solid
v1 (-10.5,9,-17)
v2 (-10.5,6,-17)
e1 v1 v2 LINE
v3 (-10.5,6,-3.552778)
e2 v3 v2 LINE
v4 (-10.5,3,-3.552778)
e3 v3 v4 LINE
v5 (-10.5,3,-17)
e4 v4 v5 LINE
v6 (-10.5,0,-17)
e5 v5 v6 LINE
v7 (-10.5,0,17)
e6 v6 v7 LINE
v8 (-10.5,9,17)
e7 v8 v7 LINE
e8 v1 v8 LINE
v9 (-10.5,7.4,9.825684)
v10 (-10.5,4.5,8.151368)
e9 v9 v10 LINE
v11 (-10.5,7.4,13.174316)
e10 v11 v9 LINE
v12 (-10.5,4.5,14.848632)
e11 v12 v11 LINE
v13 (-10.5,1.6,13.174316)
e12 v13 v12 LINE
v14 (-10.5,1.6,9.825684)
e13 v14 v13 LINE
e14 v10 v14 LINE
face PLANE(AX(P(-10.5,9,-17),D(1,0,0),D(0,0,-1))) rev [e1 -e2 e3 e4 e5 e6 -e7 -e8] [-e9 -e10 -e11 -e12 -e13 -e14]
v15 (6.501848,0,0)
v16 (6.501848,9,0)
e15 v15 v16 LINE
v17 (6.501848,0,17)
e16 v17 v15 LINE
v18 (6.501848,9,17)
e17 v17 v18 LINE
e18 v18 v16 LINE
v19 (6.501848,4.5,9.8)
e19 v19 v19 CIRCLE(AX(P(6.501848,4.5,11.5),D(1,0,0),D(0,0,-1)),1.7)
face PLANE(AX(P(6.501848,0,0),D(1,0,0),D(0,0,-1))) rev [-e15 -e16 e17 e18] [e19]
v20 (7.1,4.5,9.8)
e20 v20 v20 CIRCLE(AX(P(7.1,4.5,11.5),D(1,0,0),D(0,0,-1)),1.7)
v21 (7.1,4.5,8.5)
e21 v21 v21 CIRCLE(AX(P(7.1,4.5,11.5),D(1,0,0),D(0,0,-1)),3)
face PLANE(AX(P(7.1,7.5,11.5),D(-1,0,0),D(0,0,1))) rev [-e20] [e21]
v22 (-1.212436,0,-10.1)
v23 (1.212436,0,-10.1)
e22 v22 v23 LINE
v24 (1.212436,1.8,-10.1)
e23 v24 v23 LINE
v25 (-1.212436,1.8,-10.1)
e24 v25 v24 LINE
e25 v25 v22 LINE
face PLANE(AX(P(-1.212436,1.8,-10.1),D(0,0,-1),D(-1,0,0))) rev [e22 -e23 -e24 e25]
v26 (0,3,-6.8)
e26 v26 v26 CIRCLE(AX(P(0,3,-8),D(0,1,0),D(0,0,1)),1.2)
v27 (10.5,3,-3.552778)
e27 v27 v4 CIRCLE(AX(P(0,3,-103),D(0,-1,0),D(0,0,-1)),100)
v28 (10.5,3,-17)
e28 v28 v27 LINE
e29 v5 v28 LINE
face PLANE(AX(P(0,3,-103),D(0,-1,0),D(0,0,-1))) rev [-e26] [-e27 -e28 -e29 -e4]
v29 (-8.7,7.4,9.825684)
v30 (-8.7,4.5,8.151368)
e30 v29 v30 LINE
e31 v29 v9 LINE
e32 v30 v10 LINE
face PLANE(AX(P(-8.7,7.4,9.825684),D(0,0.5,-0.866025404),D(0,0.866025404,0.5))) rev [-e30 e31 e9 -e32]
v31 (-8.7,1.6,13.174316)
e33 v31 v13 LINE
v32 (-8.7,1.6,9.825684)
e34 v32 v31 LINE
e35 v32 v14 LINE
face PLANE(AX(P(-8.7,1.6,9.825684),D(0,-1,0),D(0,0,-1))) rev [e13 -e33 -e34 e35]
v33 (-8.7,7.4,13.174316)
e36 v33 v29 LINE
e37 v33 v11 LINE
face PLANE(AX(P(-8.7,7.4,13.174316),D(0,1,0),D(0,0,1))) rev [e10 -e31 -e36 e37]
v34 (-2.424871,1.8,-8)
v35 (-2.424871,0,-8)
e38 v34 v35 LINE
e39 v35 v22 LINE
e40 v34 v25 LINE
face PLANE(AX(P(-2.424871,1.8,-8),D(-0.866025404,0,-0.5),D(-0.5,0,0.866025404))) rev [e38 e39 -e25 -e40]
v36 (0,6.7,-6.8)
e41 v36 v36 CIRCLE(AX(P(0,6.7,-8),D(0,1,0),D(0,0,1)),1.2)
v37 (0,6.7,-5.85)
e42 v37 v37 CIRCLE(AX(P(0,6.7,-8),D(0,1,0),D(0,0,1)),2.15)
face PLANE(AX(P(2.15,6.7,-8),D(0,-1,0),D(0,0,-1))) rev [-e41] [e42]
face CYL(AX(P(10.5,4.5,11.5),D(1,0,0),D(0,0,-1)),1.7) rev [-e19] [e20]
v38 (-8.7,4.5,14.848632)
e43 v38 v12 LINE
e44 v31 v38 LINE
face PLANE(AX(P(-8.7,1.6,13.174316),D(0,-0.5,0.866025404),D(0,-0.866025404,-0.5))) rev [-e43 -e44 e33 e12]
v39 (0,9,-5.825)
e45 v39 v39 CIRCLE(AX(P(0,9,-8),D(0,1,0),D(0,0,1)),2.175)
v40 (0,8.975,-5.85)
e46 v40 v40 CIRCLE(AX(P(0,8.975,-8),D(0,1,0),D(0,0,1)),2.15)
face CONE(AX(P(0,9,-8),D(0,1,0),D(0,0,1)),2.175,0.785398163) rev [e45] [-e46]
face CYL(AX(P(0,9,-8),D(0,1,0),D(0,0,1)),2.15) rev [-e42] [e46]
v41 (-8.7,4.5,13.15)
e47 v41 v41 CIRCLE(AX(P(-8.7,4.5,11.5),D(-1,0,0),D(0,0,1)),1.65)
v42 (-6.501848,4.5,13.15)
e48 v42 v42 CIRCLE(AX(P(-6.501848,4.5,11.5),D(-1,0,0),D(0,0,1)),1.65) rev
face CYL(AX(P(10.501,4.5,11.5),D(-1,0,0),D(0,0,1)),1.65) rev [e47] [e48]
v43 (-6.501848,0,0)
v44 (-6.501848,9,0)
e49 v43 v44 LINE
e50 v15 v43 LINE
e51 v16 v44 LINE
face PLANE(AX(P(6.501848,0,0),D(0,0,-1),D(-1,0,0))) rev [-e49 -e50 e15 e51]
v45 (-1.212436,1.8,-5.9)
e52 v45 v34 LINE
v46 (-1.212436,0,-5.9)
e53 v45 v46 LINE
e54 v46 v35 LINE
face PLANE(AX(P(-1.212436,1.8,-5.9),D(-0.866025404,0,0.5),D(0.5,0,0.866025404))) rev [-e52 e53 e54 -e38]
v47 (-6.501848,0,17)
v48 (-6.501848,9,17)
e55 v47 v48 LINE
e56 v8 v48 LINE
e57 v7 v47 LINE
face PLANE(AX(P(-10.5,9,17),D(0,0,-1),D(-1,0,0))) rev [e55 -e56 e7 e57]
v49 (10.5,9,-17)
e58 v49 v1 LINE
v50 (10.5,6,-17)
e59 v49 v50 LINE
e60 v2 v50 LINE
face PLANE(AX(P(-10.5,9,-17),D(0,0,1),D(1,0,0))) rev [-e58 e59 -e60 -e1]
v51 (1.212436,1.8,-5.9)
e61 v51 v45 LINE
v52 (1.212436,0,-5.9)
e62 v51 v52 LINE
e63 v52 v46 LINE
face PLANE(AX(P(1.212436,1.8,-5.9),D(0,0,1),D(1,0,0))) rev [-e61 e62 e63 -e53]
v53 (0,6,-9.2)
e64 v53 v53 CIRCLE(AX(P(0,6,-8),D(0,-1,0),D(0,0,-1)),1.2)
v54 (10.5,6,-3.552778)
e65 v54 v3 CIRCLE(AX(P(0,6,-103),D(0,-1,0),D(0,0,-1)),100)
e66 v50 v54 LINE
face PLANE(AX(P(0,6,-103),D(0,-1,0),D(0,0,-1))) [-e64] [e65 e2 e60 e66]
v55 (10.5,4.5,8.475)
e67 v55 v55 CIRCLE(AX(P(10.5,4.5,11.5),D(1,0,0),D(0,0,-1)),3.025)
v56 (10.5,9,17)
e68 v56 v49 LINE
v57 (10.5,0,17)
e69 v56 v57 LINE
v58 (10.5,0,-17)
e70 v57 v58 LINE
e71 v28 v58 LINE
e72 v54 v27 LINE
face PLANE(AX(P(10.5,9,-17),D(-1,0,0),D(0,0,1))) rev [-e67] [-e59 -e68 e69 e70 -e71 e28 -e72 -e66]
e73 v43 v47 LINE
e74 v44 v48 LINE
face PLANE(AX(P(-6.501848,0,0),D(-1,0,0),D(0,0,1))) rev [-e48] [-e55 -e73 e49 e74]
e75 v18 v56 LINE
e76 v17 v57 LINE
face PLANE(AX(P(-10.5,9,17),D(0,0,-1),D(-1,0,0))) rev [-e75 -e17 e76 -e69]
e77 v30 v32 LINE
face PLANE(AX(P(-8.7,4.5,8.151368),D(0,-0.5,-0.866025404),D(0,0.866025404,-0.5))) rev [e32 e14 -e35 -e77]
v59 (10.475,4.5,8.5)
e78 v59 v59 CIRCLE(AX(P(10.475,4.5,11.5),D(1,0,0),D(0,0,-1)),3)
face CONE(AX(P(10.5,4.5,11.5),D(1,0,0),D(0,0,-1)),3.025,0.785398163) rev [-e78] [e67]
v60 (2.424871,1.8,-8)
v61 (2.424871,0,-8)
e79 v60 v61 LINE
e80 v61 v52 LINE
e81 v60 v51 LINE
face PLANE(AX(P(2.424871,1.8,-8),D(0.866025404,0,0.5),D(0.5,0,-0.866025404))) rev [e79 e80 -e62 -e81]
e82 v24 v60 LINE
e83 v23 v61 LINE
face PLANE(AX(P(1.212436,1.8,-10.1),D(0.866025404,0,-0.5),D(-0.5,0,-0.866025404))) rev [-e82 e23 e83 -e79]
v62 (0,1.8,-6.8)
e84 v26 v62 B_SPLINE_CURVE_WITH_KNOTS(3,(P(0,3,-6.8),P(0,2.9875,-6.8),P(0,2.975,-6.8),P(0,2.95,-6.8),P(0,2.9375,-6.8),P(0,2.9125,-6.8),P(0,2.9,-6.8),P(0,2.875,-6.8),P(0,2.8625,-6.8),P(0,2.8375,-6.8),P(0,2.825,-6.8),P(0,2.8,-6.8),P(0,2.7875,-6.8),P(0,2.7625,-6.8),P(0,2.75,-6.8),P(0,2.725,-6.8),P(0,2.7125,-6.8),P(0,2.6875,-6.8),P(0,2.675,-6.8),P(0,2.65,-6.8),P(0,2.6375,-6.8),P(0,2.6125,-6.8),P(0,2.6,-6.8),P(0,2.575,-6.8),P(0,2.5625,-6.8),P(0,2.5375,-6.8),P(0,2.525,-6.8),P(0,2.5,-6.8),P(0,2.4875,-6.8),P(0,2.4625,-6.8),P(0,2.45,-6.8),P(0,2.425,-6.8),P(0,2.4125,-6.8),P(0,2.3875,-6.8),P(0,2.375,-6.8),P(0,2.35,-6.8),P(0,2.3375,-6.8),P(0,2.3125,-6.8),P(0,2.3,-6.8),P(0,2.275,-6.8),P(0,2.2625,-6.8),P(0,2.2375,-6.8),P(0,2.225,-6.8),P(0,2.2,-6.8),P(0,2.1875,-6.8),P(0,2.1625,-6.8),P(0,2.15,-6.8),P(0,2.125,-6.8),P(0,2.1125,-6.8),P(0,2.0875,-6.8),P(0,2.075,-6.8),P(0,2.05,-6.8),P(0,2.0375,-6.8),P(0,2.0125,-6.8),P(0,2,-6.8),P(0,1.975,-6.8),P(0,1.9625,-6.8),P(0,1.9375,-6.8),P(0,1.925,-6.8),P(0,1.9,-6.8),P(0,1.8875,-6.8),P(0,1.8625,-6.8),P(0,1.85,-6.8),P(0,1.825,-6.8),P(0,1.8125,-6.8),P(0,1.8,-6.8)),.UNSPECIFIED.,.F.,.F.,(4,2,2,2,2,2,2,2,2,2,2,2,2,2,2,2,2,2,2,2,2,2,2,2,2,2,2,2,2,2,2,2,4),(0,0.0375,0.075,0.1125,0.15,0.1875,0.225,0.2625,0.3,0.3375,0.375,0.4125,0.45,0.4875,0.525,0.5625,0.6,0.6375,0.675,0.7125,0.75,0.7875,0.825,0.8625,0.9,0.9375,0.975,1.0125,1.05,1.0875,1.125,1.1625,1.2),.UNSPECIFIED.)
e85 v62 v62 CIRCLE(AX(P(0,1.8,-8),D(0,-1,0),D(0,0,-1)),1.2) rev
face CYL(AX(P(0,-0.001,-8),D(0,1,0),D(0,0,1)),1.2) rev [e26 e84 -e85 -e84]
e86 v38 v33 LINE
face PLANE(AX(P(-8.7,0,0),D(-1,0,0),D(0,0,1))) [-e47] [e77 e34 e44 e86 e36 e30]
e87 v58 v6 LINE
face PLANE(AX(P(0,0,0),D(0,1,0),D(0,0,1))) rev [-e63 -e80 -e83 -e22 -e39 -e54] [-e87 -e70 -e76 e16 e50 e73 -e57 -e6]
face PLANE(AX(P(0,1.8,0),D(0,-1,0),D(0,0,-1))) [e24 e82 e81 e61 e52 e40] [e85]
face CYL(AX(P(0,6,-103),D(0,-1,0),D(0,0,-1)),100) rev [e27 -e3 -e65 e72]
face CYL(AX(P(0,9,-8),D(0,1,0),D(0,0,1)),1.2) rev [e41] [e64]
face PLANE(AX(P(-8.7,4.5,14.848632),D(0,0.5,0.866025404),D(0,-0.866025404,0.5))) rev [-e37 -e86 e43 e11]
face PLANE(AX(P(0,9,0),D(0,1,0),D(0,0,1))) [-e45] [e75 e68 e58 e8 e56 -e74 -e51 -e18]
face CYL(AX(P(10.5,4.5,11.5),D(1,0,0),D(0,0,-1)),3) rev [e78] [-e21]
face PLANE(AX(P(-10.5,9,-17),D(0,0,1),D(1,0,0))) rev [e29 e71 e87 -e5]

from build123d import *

# Parameters (mm, degrees)
SKETCH_1_W          = 21
SKETCH_1_H          = 34
EXTRUDE_1_DEPTH     = 9
SKETCH_6_W          = 13.003696042
SKETCH_6_H          = 17
CUT_EXTRUDE_3_DEPTH = 22.914607001
CUT_EXTRUDE_4_DEPTH = 1.8
CUT_EXTRUDE_5_REACH = 29.178
SKETCH_11_R         = 1.65
CUT_EXTRUDE_6_DEPTH = 3
CUT_EXTRUDE_7_REACH = 22.863
SKETCH_16_R         = 1.2
CUT_EXTRUDE_8_DEPTH = 1.8


with BuildPart() as part:
    # 草图1 → 凸台-拉伸1 (new body)
    with BuildSketch(Plane(origin=(0, 0, 0), x_dir=(1, 0, 0), z_dir=(0, 1, 0))):
        Rectangle(SKETCH_1_W, SKETCH_1_H)
    extrude(amount=EXTRUDE_1_DEPTH)

    # 草图6 → 切除-拉伸3 (cut, through all)
    with BuildSketch(Plane(origin=(0, 9, 0), x_dir=(1, 0, 0), z_dir=(0, 1, 0))):
        with Locations((0, -8.5)):
            Rectangle(SKETCH_6_W, SKETCH_6_H)
    extrude(amount=-CUT_EXTRUDE_3_DEPTH, mode=Mode.SUBTRACT)

    # 草图9 → M3 六角圆柱头螺钉的柱形沉头孔1 (revolve, cut)
    with BuildSketch(Plane(origin=(10.5, 4.5, 11.5), x_dir=(0, 0, -1), z_dir=(0, 1, 0))):
        Polygon((0, 0), (0, 3.998151979), (1.7, 3.998151979), (1.7, 3.4), (3, 3.4), (3, 0.025), (3.025, 0), align=None)
    revolve(axis=Axis((16.85, 4.5, 11.5), (-1, 0, 0)), mode=Mode.SUBTRACT)

    # 草图10 → 切除-拉伸4 (cut)
    with BuildSketch(Plane.ZY.offset(10.5)):
        Polygon((13.174315781, 1.6), (14.848631561, 4.5), (13.174315781, 7.4), (9.825684219, 7.4), (8.151368439, 4.5), (9.825684219, 1.6), align=None)
    extrude(amount=-CUT_EXTRUDE_4_DEPTH, mode=Mode.SUBTRACT)

    # 草图11 → 切除-拉伸5 (cut, up to next)
    with BuildSketch(Plane.ZY.offset(8.7), mode=Mode.PRIVATE) as cut_extrude_5_sk1:
        with Locations((11.5, 4.5)):
            Circle(SKETCH_11_R)
    cut_extrude_5_tool1 = extrude(cut_extrude_5_sk1.sketch, amount=-CUT_EXTRUDE_5_REACH, mode=Mode.PRIVATE) & part.part
    add(cut_extrude_5_tool1.solids().sort_by_distance((-8.7, 4.5, 11.5))[0], mode=Mode.SUBTRACT)

    # 草图12 → 切除-拉伸6 (cut)
    with BuildSketch(Plane(origin=(0, 3, 0), x_dir=(-1, 0, 0), z_dir=(0, -1, 0))):
        with BuildLine():
            Line((-10.5, 17), (10.5, 17))
            Line((10.5, 17), (10.5, 3.552777817))
            ThreePointArc((10.5, 3.552777817), (0, 3), (-10.5, 3.552777817))
            Line((-10.5, 3.552777817), (-10.5, 17))
        make_face()
    extrude(amount=-CUT_EXTRUDE_6_DEPTH, mode=Mode.SUBTRACT)

    # 草图15 → M2 六角圆柱头螺钉的柱形沉头孔1 (revolve, cut)
    with BuildSketch(Plane(origin=(0, 9, -8), x_dir=(0, 0, 1), z_dir=(1, 0, 0))):
        Polygon((0, 0), (0, 3), (1.2, 3), (1.2, 2.3), (2.15, 2.3), (2.15, 0.025), (2.175, 0), align=None)
    revolve(axis=Axis((0, 15.35, -8), (0, -1, 0)), mode=Mode.SUBTRACT)

    # 草图16 → 切除-拉伸7 (cut, up to next)
    with BuildSketch(Plane(origin=(0, 3, 0), x_dir=(1, 0, 0), z_dir=(0, 1, 0)), mode=Mode.PRIVATE) as cut_extrude_7_sk1:
        with Locations(Location((0, 8, 0), (0, 0, 270))):
            Circle(SKETCH_16_R)
    cut_extrude_7_tool1 = extrude(cut_extrude_7_sk1.sketch, amount=-CUT_EXTRUDE_7_REACH, mode=Mode.PRIVATE) & part.part
    add(cut_extrude_7_tool1.solids().sort_by_distance((0, 3, -8))[0], mode=Mode.SUBTRACT)

    # 草图17 → 切除-拉伸8 (cut)
    with BuildSketch(Plane.XZ):
        Polygon((1.212435565, -10.1), (2.424871131, -8), (1.212435565, -5.9), (-1.212435565, -5.9), (-2.424871131, -8), (-1.212435565, -10.1), align=None)
    extrude(amount=-CUT_EXTRUDE_8_DEPTH, mode=Mode.SUBTRACT)


solid = part.part
